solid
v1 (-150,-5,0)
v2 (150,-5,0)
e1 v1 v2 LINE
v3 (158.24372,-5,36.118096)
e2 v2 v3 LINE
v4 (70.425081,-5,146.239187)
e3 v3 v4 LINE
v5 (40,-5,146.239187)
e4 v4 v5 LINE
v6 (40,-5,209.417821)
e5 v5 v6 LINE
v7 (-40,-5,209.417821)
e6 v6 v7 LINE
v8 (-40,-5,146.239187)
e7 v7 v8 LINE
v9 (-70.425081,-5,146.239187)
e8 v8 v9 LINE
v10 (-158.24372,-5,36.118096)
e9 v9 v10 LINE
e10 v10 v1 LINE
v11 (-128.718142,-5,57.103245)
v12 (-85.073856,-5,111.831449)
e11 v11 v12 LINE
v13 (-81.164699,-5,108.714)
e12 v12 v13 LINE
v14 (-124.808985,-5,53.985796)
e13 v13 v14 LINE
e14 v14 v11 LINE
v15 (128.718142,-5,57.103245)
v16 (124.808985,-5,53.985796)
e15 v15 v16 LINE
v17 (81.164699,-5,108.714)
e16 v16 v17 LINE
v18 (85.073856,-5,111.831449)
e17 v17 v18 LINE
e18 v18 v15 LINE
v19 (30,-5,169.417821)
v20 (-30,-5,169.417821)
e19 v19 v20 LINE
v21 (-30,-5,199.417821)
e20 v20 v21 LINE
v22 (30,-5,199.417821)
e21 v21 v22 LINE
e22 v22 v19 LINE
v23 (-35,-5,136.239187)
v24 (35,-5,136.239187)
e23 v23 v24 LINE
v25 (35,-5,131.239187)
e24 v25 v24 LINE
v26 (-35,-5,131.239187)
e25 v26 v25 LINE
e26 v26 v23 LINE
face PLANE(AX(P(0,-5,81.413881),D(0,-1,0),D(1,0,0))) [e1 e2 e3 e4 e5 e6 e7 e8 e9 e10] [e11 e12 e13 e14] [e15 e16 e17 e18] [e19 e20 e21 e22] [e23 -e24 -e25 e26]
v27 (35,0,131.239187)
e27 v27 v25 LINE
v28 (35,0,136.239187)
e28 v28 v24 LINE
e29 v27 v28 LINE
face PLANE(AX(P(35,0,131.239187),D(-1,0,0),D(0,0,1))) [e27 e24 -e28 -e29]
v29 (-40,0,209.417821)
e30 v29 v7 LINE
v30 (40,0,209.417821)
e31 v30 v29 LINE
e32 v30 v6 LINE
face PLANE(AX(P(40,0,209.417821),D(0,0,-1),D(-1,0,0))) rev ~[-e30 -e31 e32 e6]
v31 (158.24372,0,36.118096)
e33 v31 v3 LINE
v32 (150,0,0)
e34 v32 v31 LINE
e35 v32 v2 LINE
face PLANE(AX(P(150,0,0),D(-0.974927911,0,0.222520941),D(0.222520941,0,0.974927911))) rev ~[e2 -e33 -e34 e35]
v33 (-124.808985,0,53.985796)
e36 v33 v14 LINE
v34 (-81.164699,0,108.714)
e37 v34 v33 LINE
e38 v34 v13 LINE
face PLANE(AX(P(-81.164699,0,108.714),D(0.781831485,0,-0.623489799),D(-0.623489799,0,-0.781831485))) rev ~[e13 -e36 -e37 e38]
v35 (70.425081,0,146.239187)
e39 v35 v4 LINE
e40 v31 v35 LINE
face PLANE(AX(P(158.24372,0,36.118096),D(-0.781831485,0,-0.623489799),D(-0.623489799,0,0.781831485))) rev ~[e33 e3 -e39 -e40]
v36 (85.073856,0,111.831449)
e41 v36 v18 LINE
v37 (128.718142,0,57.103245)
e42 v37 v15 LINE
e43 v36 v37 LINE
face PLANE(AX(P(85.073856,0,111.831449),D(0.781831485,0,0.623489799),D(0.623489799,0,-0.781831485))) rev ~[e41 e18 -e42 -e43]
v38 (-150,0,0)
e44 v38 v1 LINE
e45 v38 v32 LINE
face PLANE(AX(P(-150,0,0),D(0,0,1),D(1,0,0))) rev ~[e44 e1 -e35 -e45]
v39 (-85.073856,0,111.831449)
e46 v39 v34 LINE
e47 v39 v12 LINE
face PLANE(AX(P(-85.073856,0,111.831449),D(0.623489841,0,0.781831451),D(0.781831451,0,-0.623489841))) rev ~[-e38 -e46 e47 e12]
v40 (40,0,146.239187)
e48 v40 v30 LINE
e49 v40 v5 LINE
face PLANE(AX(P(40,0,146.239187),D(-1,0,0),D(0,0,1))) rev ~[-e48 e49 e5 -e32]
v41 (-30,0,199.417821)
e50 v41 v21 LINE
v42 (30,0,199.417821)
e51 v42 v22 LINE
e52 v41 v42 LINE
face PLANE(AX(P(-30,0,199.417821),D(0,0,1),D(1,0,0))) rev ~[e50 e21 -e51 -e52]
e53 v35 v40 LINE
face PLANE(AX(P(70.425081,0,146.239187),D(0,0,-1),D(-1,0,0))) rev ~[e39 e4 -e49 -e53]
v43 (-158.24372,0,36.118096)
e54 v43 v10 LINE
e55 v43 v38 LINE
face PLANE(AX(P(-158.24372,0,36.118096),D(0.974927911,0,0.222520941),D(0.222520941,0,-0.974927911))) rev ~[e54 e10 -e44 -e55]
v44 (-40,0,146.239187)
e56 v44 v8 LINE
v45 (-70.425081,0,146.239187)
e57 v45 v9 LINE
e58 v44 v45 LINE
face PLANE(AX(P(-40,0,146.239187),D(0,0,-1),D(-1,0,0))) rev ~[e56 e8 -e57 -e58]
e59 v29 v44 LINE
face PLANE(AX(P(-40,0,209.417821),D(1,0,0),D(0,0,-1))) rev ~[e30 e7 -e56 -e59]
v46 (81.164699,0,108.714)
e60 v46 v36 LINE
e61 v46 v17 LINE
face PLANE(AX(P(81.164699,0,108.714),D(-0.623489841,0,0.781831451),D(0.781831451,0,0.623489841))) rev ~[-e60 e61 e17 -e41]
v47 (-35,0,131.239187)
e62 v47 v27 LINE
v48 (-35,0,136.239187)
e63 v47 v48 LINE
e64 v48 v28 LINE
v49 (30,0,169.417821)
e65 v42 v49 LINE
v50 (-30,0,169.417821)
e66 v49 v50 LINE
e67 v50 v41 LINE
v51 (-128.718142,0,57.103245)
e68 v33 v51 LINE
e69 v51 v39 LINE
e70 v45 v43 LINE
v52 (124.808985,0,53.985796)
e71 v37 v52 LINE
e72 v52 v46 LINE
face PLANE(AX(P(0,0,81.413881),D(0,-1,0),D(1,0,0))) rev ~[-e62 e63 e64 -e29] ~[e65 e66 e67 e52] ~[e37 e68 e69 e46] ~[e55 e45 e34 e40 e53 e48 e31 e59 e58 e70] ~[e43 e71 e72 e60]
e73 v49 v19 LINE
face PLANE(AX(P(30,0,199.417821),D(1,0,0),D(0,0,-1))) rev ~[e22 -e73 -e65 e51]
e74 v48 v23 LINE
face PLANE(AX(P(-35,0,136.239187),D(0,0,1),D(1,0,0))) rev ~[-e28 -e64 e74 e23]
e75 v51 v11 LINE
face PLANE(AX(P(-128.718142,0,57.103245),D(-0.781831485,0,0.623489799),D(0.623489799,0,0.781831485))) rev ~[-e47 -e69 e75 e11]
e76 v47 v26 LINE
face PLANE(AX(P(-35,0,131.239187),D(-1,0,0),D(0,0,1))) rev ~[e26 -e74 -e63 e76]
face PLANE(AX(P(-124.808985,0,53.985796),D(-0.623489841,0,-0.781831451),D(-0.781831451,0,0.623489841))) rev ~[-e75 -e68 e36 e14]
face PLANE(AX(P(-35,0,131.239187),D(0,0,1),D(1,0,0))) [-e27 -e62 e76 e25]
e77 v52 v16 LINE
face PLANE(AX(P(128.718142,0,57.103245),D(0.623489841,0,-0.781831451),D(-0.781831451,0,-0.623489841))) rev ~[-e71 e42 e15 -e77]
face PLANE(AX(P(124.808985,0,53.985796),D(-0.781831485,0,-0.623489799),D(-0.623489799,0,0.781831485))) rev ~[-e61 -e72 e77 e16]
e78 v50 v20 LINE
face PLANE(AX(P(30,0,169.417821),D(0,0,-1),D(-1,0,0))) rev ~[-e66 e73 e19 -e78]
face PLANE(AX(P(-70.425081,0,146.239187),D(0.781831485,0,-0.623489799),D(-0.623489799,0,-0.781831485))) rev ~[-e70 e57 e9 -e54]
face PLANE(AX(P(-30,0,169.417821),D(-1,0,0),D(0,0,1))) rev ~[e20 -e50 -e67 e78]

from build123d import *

# Parameters (mm, degrees)
F0_W     = 70
F0_H     = 5
F1_DEPTH = 5


with BuildPart() as f1:
    # F0 (on Front) → F1 (new body)
    with BuildSketch(Plane.XZ):
        Polygon((-40, 146.239187), (-70.425081, 146.239187), (-158.24372, 36.118096), (-150, 0), (150, 0), (158.24372, 36.118096), (70.425081, 146.239187), (40, 146.239187), (40, 209.417821), (1.491508, 209.417821), (-40, 209.417821), align=None)
        Polygon((-81.164699, 108.714), (-124.808985, 53.985796), (-128.718142, 57.103245), (-85.073856, 111.831449), align=None, mode=Mode.SUBTRACT)
        Polygon((128.718142, 57.103245), (124.808985, 53.985796), (81.164699, 108.714), (85.073856, 111.831449), align=None, mode=Mode.SUBTRACT)
        with Locations((0, 133.739187)):
            Rectangle(F0_W, F0_H, mode=Mode.SUBTRACT)
        Polygon((-30, 199.417821), (0, 199.417821), (30, 199.417821), (30, 169.417821), (-30, 169.417821), align=None, mode=Mode.SUBTRACT)
    extrude(amount=F1_DEPTH)


solid = f1.part
